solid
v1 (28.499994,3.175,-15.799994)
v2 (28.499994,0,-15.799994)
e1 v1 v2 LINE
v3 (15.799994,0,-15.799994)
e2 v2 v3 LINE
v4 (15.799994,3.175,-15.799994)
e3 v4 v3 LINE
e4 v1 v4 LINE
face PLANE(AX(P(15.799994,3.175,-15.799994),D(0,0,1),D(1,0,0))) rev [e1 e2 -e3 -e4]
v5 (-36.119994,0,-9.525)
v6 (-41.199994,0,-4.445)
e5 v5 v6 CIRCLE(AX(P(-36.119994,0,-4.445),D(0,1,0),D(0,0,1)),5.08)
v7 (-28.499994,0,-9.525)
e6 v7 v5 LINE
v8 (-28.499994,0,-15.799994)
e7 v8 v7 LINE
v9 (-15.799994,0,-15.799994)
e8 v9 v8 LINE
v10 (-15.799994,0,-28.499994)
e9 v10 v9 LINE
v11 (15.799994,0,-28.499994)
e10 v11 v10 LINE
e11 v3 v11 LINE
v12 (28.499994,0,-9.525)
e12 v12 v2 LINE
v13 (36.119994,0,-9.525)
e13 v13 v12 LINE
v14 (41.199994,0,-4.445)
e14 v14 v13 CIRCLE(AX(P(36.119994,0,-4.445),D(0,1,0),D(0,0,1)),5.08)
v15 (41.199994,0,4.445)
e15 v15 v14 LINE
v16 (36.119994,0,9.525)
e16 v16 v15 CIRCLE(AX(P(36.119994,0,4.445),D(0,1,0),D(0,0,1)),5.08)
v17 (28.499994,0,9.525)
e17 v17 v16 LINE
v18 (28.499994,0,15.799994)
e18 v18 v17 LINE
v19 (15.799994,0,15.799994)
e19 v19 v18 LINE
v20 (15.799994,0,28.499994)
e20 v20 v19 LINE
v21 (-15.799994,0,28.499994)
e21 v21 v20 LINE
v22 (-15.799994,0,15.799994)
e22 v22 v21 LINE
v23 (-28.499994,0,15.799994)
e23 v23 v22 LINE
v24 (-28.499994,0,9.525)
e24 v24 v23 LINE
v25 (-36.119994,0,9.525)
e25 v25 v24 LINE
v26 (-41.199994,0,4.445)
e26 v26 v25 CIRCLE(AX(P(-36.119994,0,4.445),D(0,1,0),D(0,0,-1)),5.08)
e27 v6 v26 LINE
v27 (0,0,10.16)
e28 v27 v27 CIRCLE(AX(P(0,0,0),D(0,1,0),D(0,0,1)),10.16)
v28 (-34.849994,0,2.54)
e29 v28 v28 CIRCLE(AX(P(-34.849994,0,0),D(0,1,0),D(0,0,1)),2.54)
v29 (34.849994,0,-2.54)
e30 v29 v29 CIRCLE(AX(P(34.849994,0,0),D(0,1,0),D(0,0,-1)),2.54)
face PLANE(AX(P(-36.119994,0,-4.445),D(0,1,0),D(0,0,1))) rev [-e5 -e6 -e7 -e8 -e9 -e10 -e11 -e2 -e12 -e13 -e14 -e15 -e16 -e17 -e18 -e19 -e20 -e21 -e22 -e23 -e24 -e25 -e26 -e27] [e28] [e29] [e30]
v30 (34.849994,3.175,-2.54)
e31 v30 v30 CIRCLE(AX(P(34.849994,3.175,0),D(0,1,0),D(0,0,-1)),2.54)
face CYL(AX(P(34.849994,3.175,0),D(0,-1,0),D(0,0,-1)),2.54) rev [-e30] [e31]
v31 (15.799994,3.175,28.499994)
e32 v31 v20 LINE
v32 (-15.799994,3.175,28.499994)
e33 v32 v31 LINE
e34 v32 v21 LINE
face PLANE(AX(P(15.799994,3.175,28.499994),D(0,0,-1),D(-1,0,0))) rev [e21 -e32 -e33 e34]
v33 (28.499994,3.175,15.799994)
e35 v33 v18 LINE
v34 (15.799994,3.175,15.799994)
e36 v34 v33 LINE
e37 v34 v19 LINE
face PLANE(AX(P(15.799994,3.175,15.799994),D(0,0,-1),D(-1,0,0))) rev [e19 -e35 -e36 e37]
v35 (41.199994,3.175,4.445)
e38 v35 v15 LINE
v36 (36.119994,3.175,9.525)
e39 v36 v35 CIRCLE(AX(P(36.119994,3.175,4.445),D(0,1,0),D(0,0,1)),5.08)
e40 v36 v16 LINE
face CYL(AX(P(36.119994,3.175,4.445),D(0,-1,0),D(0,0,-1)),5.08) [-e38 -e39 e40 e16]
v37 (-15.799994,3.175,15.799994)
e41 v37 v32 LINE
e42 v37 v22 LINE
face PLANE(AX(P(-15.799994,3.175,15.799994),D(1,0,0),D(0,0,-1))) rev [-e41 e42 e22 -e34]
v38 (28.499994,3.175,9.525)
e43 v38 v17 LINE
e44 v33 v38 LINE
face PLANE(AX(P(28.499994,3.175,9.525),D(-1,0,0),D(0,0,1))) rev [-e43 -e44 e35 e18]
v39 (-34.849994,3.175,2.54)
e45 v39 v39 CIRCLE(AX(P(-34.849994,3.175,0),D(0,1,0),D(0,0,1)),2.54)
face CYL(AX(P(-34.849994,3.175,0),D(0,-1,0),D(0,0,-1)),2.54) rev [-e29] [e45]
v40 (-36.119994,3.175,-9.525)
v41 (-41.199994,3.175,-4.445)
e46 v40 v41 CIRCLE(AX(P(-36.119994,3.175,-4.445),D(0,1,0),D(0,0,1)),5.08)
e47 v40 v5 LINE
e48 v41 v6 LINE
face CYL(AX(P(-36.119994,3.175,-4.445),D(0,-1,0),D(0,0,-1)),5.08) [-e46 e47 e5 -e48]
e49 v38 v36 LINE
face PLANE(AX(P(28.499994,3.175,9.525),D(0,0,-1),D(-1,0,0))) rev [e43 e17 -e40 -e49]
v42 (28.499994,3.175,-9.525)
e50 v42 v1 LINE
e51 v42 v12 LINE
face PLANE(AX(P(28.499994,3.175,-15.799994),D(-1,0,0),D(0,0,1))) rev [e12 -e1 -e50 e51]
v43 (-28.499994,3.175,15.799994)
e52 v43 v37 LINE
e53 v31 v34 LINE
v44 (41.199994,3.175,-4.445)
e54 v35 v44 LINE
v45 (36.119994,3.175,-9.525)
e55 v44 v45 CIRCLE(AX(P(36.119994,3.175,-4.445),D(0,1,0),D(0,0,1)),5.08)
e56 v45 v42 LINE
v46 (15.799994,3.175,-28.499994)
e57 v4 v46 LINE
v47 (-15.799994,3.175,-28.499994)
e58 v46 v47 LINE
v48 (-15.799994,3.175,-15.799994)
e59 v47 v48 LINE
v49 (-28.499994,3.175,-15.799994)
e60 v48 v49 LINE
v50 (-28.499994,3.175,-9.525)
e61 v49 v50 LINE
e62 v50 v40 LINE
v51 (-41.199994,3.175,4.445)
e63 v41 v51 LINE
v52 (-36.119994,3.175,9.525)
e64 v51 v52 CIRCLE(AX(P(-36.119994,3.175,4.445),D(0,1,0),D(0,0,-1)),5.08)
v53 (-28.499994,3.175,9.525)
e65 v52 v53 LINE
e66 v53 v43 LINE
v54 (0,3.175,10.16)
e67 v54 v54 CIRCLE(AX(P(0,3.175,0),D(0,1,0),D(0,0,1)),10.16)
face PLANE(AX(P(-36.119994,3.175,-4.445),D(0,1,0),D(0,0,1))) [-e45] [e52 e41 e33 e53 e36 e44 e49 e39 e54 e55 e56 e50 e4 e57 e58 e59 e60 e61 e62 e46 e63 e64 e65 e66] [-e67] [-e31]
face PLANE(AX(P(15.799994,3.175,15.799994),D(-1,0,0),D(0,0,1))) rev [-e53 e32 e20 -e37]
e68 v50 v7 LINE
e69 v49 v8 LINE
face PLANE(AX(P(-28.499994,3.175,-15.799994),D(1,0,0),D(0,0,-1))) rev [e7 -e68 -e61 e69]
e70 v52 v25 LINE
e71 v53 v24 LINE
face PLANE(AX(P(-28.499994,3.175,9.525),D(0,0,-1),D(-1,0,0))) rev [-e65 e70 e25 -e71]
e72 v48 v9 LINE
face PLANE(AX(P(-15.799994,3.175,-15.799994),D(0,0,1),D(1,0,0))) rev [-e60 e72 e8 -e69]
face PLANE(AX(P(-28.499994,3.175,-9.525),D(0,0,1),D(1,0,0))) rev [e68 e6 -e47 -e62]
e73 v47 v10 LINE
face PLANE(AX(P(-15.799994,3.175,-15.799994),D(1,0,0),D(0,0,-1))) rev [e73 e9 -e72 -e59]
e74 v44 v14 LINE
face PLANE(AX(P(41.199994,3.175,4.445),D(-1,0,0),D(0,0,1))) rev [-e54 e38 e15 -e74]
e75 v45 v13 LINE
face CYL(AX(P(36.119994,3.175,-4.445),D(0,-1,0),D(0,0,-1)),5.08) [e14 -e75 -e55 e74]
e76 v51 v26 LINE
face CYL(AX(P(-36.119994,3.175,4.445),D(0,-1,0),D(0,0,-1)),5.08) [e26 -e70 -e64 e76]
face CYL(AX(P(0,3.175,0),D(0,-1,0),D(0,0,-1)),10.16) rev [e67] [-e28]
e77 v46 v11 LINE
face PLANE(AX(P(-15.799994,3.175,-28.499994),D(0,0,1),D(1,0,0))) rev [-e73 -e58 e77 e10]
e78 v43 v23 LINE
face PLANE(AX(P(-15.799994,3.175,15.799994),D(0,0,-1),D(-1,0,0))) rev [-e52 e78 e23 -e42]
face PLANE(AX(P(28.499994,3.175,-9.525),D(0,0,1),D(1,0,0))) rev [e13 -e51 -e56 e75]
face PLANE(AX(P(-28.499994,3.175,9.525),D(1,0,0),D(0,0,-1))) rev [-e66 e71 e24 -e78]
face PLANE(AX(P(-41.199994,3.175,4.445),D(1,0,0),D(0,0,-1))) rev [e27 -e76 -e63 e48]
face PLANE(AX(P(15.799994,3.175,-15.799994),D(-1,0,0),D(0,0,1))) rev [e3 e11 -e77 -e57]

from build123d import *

# Parameters (mm, degrees)
SKETCH1_R           = 10.16
SKETCH1_R_2         = 2.54
BOSS_EXTRUDE1_DEPTH = 3.175


with BuildPart() as part:
    # Sketch1 → Boss-Extrude1 (new body)
    with BuildSketch(Plane(origin=(0, 0, 0), x_dir=(1, 0, 0), z_dir=(0, 1, 0))):
        with BuildLine():
            Line((-28.4999938, 15.7999938), (-28.4999938, 9.525))
            Line((-28.4999938, 9.525), (-36.1199938, 9.525))
            ThreePointArc((-36.1199938, 9.525), (-39.712096248, 8.037102448), (-41.1999938, 4.445))
            Line((-41.1999938, 4.445), (-41.1999938, -4.445))
            ThreePointArc((-41.1999938, -4.445), (-39.712096248, -8.037102448), (-36.1199938, -9.525))
            Line((-36.1199938, -9.525), (-28.4999938, -9.525))
            Line((-28.4999938, -9.525), (-28.4999938, -15.7999938))
            Line((-28.4999938, -15.7999938), (-15.7999938, -15.7999938))
            Line((-15.7999938, -15.7999938), (-15.7999938, -28.4999938))
            Line((-15.7999938, -28.4999938), (15.7999938, -28.4999938))
            Line((15.7999938, -28.4999938), (15.7999938, -15.7999938))
            Line((15.7999938, -15.7999938), (28.4999938, -15.7999938))
            Line((28.4999938, -15.7999938), (28.4999938, -9.525))
            Line((28.4999938, -9.525), (36.1199938, -9.525))
            ThreePointArc((36.1199938, -9.525), (39.712096248, -8.037102448), (41.1999938, -4.445))
            Line((41.1999938, -4.445), (41.1999938, 4.445))
            ThreePointArc((41.1999938, 4.445), (39.712096248, 8.037102448), (36.1199938, 9.525))
            Line((36.1199938, 9.525), (28.4999938, 9.525))
            Line((28.4999938, 9.525), (28.4999938, 15.7999938))
            Line((28.4999938, 15.7999938), (15.7999938, 15.7999938))
            Line((15.7999938, 15.7999938), (15.7999938, 28.4999938))
            Line((15.7999938, 28.4999938), (-15.7999938, 28.4999938))
            Line((-15.7999938, 28.4999938), (-15.7999938, 15.7999938))
            Line((-15.7999938, 15.7999938), (-28.4999938, 15.7999938))
        make_face()
        Circle(SKETCH1_R, mode=Mode.SUBTRACT)
        with Locations((-34.8499938, 0)):
            Circle(SKETCH1_R_2, mode=Mode.SUBTRACT)
        with Locations((34.8499938, 0)):
            Circle(SKETCH1_R_2, mode=Mode.SUBTRACT)
    extrude(amount=BOSS_EXTRUDE1_DEPTH)


solid = part.part
